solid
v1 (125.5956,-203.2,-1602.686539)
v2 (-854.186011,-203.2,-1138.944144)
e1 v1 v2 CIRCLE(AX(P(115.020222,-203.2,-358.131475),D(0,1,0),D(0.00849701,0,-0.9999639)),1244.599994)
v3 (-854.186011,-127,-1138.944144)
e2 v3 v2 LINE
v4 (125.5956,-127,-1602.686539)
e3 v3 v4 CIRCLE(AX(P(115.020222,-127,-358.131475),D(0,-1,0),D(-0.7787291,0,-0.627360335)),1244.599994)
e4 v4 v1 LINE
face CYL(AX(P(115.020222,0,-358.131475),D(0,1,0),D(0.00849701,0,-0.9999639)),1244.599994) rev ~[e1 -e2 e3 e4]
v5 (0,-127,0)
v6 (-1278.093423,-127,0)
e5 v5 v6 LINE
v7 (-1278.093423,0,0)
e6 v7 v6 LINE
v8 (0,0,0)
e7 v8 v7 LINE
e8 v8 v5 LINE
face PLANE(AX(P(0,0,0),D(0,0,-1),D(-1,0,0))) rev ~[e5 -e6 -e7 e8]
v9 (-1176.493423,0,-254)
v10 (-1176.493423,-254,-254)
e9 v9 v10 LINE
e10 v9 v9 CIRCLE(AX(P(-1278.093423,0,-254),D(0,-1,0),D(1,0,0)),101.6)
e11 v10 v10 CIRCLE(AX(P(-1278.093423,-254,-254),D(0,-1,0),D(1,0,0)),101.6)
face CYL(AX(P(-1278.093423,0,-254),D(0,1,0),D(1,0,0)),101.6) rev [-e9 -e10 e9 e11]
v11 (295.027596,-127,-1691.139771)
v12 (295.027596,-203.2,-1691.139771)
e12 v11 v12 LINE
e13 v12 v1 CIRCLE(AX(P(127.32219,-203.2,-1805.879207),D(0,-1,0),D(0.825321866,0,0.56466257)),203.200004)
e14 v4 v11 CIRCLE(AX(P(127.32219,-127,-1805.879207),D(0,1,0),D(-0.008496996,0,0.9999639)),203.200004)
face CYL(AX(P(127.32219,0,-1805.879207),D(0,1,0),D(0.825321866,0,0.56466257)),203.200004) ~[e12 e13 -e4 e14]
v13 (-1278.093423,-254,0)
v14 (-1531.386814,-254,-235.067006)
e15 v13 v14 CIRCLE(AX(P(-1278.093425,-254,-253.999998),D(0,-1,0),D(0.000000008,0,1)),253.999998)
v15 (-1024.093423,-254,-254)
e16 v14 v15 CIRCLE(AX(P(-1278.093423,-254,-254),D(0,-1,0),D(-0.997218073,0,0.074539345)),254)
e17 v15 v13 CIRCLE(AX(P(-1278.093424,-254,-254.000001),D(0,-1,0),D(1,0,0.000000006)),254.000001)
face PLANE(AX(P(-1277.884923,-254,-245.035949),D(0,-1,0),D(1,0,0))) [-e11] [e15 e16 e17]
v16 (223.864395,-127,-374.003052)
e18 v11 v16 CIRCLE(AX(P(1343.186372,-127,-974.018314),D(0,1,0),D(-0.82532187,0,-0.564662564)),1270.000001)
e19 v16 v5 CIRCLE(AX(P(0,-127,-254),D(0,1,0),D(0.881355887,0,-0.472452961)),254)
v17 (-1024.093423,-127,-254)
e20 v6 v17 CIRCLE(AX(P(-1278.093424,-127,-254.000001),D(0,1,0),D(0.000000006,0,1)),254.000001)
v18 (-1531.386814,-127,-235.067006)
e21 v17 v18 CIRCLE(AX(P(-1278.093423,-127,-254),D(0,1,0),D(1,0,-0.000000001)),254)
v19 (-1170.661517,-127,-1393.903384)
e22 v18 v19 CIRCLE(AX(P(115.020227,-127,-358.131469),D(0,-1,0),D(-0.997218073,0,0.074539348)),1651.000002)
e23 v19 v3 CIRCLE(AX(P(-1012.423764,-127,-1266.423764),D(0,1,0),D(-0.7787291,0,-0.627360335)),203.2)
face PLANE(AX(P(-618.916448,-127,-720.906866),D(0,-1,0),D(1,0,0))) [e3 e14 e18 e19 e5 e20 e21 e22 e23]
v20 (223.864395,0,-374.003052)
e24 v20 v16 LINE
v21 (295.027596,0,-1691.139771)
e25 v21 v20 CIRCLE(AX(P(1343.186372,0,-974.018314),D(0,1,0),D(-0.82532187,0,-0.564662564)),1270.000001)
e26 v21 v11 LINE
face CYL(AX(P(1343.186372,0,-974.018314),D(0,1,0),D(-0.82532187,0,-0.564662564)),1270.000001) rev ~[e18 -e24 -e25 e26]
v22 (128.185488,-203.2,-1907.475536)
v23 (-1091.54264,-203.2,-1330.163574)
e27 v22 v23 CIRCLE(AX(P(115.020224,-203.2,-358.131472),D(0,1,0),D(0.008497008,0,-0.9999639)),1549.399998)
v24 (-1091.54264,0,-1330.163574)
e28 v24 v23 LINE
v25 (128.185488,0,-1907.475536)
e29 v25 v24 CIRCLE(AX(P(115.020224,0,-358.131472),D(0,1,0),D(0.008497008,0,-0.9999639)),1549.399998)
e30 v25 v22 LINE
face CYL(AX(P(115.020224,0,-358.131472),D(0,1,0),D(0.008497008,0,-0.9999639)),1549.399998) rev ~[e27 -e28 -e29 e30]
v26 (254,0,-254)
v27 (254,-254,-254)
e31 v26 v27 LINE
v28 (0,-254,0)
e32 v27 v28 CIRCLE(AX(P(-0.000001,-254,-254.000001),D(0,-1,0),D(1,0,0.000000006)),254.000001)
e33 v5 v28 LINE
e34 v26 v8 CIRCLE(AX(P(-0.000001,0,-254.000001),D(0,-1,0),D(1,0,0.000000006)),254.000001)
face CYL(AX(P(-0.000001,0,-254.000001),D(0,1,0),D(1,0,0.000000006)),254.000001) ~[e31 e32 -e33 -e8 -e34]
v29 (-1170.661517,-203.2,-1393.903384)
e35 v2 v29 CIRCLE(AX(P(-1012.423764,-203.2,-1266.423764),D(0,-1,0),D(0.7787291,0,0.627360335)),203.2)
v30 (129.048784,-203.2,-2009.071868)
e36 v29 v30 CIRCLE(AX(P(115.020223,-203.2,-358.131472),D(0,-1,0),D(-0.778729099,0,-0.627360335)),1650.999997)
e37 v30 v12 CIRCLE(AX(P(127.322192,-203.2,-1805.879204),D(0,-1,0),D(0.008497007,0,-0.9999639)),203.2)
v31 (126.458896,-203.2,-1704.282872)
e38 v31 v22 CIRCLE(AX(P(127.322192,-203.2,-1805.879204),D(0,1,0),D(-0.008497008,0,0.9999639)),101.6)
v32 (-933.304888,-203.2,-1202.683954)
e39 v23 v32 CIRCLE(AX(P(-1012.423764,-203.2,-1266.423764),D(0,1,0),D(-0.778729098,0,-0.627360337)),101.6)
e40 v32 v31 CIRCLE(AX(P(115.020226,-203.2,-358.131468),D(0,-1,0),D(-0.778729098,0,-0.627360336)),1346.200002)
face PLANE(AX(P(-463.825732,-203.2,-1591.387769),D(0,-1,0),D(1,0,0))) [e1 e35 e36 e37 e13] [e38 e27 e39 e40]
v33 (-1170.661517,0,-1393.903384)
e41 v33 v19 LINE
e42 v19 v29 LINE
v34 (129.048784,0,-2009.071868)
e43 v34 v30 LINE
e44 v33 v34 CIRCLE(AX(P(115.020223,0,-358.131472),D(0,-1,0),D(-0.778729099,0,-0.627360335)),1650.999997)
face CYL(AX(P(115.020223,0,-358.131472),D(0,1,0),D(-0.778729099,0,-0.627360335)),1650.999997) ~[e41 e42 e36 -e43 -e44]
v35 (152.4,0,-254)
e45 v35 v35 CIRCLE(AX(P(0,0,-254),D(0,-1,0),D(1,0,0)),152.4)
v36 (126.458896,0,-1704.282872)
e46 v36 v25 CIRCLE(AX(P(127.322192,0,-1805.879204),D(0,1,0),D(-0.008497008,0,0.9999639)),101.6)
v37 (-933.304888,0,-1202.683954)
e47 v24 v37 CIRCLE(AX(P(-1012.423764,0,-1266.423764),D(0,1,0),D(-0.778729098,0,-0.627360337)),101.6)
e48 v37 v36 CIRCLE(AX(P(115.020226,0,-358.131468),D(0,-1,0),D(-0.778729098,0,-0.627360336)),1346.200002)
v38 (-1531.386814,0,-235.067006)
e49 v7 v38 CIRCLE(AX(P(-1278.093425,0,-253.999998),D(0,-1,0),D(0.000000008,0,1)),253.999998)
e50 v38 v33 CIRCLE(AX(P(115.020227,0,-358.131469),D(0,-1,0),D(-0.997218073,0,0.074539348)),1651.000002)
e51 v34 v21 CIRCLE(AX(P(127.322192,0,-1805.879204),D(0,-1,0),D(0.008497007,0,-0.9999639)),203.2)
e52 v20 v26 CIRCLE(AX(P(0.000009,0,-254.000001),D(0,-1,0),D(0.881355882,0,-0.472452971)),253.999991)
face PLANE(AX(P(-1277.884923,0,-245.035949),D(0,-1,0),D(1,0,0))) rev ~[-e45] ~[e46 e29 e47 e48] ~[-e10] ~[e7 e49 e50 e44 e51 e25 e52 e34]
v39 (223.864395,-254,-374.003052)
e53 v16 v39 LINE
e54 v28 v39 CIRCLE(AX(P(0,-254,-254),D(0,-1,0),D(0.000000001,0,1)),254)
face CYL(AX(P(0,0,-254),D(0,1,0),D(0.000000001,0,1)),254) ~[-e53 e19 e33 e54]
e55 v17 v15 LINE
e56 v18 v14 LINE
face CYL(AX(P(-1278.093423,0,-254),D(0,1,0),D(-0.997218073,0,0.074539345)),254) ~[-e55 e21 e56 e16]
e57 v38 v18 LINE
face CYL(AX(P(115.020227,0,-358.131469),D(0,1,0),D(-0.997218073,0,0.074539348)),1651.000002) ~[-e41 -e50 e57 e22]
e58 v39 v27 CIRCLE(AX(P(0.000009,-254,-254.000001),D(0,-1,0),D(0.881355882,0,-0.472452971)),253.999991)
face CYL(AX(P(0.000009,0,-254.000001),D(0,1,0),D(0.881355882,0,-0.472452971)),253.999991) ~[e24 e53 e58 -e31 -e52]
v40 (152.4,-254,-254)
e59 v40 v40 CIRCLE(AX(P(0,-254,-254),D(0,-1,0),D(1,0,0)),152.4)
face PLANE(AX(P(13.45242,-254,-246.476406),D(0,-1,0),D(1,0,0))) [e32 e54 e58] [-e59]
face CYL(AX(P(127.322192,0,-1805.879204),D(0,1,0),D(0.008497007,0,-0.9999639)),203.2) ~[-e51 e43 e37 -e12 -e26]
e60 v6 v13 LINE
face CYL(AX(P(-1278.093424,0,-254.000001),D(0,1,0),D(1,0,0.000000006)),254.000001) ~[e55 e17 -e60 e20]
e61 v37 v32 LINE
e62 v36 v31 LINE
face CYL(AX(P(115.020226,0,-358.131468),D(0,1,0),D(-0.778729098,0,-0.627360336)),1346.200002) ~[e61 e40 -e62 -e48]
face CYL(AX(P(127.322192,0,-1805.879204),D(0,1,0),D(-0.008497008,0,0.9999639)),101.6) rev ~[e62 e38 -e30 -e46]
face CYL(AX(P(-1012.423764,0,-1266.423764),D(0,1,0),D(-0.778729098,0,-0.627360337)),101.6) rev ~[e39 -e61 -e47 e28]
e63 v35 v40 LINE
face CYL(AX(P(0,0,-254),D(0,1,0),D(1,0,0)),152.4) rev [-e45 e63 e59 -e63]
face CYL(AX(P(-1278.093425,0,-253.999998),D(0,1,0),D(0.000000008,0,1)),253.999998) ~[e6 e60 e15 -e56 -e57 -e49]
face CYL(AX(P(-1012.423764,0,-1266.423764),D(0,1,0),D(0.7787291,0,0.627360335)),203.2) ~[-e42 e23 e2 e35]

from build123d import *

# Parameters (mm, degrees)
F1_DEPTH = 127
F2_DEPTH = 203.2
F0_R     = 101.6
F0_R_2   = 152.4
F3_DEPTH = 254


with BuildPart() as f1:
    # F0 (on Front) → F1 (new body)
    with BuildSketch(Plane.XZ):
        with BuildLine():
            ThreePointArc((223.864395, -374.003052), (-217.941248, -384.451571), (0, 0))
            Line((0, 0), (-1278.093423, 0))
            ThreePointArc((-1278.093423, 0), (-1098.488301, -74.394878), (-1024.093423, -254))
            ThreePointArc((-1024.093423, -254), (-1287.566511, -507.823286), (-1531.386814, -235.067006))
            ThreePointArc((-1531.386814, -235.067006), (-1461.371729, -848.834442), (-1170.661517, -1393.903384))
            ThreePointArc((-1170.661517, -1393.903384), (-1139.903384, -1108.186011), (-854.186011, -1138.944144))
            ThreePointArc((-854.186011, -1138.944144), (-417.434031, -1483.085525), (125.5956, -1602.686539))
            ThreePointArc((125.5956, -1602.686539), (221.360668, -1625.748682), (295.027596, -1691.139771))
            ThreePointArc((295.027596, -1691.139771), (75.035952, -1042.534849), (223.864395, -374.003052))
        make_face()
    extrude(amount=F1_DEPTH)

    # F0 (on Front) → F2 (join)
    with BuildSketch(Plane.XZ):
        with BuildLine():
            ThreePointArc((129.048784, -2009.071868), (307.452714, -1899.91768), (295.027596, -1691.139771))
            ThreePointArc((295.027596, -1691.139771), (221.360668, -1625.748682), (125.5956, -1602.686539))
            ThreePointArc((125.5956, -1602.686539), (-417.434031, -1483.085525), (-854.186011, -1138.944144))
            ThreePointArc((-854.186011, -1138.944144), (-1139.903384, -1108.186011), (-1170.661517, -1393.903384))
            ThreePointArc((-1170.661517, -1393.903384), (-591.296645, -1850.417461), (129.048784, -2009.071868))
        make_face()
        with BuildLine():
            ThreePointArc((126.458896, -1704.282872), (228.918524, -1805.015908), (128.185488, -1907.475536))
            ThreePointArc((128.185488, -1907.475536), (-547.830991, -1758.584477), (-1091.54264, -1330.163574))
            ThreePointArc((-1091.54264, -1330.163574), (-1076.163574, -1187.304888), (-933.304888, -1202.683954))
            ThreePointArc((-933.304888, -1202.683954), (-460.899684, -1574.918509), (126.458896, -1704.282872))
        make_face(mode=Mode.SUBTRACT)
    extrude(amount=F2_DEPTH)

    # F0 (on Front) → F3 (join)
    with BuildSketch(Plane.XZ):
        with BuildLine():
            ThreePointArc((-1024.093423, -254), (-1098.488301, -74.394878), (-1278.093423, 0))
            ThreePointArc((-1278.093423, 0), (-1450.875106, -67.821348), (-1531.386814, -235.067006))
            ThreePointArc((-1531.386814, -235.067006), (-1287.566511, -507.823286), (-1024.093423, -254))
        make_face()
        with Locations((-1278.093423, -254)):
            Circle(F0_R, mode=Mode.SUBTRACT)
        with BuildLine():
            ThreePointArc((254, -254), (179.605122, -74.394878), (0, 0))
            ThreePointArc((0, 0), (-217.941248, -384.451571), (223.864395, -374.003052))
            ThreePointArc((223.864395, -374.003052), (246.350925, -315.864544), (254, -254))
        make_face()
        with Locations((0, -254)):
            Circle(F0_R_2, mode=Mode.SUBTRACT)
    extrude(amount=F3_DEPTH)


solid = f1.part
